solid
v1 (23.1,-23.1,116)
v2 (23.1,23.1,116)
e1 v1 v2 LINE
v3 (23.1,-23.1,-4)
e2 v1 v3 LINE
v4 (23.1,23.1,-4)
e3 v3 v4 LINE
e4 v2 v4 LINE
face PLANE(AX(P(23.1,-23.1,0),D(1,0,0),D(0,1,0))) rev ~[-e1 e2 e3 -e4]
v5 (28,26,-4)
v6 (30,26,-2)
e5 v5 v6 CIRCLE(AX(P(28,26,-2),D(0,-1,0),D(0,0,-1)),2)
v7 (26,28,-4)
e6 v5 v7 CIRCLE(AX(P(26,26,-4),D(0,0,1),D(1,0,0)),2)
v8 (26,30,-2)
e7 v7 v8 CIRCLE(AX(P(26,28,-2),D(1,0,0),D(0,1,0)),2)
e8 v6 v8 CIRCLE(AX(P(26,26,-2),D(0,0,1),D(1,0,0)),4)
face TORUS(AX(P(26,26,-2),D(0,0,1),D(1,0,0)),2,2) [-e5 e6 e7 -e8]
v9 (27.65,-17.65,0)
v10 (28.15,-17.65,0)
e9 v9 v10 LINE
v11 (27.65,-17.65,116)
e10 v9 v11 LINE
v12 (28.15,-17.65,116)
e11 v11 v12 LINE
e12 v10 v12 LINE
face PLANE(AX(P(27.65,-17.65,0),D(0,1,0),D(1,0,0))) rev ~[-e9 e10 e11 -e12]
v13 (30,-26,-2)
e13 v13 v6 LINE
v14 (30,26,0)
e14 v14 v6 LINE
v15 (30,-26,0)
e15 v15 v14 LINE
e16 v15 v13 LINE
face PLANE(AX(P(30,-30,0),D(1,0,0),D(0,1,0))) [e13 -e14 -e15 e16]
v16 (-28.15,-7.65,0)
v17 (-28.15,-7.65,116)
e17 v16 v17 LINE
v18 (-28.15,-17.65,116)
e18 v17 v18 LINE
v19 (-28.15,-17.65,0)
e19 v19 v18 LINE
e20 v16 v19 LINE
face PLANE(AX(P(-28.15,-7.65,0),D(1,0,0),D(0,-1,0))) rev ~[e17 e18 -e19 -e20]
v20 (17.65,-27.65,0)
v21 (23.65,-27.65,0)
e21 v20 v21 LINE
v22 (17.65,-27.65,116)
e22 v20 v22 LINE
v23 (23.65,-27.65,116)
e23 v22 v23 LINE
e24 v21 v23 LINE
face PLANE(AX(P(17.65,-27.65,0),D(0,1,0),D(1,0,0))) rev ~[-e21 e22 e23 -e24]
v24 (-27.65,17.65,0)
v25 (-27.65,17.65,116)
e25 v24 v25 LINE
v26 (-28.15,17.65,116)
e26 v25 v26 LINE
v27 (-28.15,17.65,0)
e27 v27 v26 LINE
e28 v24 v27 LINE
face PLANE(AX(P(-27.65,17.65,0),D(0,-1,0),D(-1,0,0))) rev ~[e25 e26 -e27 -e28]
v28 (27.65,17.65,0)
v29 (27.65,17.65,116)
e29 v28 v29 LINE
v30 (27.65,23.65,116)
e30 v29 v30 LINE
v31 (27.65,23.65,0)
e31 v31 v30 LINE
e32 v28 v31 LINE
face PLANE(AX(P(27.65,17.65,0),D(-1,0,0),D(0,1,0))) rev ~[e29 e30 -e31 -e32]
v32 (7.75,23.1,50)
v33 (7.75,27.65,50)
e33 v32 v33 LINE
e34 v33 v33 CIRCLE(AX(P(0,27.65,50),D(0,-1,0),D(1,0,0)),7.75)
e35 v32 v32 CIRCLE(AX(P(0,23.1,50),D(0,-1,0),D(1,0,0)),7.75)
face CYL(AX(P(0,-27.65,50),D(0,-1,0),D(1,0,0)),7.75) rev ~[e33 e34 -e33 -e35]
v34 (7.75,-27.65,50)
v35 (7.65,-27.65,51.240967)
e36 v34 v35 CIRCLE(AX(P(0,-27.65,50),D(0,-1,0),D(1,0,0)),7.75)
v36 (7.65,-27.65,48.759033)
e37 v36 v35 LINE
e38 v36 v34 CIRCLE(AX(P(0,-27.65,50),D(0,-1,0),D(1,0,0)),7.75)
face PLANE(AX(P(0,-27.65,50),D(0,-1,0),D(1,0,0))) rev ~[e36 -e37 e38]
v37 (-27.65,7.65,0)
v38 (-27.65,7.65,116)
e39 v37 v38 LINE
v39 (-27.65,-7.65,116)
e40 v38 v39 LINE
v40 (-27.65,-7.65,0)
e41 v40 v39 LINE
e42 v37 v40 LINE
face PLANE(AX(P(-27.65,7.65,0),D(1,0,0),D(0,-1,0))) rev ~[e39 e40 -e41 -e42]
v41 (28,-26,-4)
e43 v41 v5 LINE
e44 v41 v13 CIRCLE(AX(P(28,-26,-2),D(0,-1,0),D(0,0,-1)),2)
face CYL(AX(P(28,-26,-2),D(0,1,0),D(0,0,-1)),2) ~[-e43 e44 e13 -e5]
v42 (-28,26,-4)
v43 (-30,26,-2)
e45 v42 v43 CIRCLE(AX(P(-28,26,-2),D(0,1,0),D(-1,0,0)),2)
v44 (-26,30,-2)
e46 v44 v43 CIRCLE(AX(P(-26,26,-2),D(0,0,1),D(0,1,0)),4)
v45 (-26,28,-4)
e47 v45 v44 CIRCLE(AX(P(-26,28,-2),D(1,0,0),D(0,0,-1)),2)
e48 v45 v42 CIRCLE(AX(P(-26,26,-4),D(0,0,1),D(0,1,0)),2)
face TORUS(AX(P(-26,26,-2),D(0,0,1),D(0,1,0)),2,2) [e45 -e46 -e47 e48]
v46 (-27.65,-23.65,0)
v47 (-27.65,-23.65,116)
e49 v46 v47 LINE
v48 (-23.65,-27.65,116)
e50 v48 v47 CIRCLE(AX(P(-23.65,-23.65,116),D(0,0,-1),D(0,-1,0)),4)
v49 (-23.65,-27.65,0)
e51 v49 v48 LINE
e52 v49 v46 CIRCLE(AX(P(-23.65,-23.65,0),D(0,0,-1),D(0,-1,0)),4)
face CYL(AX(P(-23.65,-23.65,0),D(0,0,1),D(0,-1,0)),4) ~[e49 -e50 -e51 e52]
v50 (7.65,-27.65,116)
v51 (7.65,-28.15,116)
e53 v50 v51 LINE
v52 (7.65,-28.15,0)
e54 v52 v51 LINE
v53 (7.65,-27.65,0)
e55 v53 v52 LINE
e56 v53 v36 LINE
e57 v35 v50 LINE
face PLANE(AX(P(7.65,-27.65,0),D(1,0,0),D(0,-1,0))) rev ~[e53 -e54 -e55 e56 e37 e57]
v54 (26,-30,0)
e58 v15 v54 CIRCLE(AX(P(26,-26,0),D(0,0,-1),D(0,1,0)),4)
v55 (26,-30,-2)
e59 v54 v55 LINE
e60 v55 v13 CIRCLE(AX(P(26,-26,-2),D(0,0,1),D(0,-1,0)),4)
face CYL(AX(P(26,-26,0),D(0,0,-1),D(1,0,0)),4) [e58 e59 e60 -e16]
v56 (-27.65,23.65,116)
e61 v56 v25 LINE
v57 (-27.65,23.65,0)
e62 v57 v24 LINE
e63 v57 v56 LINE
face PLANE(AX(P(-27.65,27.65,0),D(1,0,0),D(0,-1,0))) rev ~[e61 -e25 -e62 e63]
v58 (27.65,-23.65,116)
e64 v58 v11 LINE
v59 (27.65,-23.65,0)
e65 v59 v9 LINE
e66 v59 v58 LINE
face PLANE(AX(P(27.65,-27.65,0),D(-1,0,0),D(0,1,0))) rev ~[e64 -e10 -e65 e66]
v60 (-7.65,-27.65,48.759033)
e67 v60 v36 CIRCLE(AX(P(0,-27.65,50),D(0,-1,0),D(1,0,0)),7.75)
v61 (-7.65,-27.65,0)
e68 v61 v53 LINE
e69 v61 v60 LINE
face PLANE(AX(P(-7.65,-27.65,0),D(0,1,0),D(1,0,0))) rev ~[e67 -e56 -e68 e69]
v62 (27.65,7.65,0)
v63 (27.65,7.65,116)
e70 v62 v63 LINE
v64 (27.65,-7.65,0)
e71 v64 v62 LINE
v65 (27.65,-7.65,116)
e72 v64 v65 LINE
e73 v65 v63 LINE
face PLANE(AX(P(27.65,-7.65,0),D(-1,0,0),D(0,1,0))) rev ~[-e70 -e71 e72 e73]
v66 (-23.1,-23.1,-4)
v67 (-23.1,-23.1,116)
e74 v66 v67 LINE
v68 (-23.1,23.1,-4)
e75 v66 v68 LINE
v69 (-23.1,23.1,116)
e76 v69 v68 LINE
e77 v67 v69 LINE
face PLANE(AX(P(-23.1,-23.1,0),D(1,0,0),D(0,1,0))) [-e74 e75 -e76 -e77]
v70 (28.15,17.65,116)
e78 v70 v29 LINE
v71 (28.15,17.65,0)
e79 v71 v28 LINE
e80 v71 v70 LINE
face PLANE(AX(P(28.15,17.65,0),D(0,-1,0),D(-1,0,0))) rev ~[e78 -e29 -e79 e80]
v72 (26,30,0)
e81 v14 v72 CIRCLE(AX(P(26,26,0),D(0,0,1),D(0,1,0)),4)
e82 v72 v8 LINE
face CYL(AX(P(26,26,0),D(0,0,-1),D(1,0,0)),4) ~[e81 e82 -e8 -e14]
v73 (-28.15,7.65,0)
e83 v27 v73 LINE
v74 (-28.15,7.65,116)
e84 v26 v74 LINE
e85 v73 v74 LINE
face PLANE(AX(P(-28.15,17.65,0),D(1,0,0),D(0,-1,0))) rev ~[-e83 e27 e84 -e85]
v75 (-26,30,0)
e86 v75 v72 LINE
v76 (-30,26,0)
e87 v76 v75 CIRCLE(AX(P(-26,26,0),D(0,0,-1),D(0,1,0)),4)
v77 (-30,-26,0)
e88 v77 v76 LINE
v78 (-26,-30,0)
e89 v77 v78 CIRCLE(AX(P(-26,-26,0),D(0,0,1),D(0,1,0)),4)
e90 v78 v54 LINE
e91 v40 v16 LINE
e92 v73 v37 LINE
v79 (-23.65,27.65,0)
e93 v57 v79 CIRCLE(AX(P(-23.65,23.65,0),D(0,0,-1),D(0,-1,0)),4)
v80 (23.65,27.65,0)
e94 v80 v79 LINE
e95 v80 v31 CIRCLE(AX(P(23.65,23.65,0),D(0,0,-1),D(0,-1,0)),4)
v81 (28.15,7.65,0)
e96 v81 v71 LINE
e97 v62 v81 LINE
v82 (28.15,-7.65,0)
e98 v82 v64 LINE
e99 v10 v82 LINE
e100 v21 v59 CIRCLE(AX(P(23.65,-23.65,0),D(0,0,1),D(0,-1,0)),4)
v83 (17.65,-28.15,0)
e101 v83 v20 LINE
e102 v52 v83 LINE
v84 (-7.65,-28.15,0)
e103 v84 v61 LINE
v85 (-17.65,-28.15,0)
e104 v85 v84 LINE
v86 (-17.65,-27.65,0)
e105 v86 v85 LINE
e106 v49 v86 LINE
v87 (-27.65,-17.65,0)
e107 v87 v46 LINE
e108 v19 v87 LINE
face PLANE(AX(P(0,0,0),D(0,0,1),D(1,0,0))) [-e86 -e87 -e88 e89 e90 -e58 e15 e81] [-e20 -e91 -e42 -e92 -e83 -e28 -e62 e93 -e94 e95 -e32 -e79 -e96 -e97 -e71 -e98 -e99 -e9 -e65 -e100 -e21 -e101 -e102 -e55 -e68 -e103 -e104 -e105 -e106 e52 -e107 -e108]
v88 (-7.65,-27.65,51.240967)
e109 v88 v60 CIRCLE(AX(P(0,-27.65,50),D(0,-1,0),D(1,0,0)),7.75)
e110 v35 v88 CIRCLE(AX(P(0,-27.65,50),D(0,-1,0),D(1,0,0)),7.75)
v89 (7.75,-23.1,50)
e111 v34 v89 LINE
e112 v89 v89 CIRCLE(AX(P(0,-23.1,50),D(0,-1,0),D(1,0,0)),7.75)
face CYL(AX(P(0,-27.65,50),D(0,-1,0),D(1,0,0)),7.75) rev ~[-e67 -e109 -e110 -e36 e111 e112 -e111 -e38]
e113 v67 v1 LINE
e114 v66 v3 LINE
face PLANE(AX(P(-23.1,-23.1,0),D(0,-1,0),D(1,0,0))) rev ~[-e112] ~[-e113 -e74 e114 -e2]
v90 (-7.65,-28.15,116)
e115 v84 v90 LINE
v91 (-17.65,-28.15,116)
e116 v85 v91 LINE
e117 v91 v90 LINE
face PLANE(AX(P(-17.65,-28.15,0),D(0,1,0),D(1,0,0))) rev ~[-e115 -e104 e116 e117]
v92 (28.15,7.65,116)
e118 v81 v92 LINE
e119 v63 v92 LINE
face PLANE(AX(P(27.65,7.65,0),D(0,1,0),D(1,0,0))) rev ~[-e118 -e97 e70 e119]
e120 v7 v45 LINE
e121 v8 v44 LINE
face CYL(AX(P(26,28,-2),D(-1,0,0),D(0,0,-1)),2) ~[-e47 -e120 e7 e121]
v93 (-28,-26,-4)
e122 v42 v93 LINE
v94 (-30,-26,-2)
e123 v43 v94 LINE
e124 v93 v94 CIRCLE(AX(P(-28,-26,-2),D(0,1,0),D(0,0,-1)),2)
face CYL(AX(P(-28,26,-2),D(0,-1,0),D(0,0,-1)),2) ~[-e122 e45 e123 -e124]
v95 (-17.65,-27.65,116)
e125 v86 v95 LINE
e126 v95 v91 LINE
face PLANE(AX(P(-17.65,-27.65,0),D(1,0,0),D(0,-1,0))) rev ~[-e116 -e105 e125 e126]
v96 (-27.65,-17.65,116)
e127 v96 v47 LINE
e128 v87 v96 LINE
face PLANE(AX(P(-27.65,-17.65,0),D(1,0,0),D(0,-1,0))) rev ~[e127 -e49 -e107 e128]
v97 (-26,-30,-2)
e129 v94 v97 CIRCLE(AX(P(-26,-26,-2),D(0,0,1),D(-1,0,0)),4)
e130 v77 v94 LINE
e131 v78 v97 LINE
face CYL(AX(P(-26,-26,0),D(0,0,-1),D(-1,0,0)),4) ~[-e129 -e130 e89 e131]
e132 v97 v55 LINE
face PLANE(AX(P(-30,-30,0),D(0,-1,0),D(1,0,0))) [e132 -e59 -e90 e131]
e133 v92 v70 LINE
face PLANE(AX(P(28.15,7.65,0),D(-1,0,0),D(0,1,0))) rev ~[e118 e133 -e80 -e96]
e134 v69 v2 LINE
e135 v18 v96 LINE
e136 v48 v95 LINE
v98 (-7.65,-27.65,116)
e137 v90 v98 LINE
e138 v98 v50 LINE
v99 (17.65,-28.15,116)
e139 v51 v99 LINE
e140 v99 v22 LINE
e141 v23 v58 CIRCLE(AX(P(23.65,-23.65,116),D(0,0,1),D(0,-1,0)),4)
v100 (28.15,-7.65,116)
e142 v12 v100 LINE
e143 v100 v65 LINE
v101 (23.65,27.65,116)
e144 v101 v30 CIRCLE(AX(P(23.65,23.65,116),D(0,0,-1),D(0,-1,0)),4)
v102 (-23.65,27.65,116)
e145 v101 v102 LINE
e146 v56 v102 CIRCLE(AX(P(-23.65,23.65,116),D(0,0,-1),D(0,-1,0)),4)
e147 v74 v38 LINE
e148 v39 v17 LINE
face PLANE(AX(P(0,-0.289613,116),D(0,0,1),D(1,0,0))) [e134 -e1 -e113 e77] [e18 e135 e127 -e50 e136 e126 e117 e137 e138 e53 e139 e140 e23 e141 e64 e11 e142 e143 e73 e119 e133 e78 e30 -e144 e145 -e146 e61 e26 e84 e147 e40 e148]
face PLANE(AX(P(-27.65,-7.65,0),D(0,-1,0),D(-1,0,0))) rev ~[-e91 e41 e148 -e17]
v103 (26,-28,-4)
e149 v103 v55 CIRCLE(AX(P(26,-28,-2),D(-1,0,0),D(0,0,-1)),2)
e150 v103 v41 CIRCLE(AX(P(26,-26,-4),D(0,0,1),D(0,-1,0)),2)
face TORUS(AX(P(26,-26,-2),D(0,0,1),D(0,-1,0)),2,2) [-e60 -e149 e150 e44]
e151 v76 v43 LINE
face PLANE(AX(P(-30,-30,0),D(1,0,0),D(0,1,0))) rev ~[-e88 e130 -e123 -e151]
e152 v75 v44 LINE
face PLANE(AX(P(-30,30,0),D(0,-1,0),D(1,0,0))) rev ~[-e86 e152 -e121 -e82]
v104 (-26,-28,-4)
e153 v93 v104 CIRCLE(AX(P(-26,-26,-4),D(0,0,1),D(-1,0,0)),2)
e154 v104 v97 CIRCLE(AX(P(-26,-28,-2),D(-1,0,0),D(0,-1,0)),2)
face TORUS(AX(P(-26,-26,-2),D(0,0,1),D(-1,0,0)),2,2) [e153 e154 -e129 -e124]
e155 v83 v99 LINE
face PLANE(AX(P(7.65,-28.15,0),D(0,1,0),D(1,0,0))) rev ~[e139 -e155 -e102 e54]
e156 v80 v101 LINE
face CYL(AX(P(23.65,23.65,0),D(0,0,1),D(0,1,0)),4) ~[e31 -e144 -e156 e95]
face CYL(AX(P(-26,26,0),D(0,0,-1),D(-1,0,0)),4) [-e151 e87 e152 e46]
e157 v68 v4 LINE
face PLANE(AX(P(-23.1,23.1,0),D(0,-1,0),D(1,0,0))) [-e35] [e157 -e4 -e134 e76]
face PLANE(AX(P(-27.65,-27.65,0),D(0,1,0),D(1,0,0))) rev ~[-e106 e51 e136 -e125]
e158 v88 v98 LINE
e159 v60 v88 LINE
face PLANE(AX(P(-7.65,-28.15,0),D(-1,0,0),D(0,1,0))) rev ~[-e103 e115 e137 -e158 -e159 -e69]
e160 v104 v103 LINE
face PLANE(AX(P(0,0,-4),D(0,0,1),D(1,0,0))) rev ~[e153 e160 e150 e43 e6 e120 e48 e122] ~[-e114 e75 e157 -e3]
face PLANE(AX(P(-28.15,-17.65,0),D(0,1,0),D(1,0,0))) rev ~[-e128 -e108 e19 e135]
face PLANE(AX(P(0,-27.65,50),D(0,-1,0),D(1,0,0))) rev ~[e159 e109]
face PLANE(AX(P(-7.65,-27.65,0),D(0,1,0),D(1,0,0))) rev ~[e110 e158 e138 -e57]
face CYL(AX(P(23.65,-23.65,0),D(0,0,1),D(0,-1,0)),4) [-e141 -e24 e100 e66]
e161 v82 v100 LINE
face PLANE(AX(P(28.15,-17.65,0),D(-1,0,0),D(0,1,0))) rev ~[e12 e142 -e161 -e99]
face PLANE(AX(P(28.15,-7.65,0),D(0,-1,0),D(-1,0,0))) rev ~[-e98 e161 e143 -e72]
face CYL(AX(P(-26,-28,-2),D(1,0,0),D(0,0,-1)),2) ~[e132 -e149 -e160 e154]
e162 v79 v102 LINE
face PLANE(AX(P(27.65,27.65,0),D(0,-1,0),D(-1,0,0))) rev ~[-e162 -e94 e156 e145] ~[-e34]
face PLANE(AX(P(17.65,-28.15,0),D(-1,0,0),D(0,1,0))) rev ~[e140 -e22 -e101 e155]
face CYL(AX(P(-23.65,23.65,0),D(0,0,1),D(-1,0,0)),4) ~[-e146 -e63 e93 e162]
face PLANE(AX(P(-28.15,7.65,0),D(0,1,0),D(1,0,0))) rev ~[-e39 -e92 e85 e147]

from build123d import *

# Parameters (mm, degrees)
F0_W     = 46.2
F0_H     = 46.2
F1_DEPTH = 116
F0_W_2   = 60
F0_H_2   = 60
F2_DEPTH = 4
F3_R     = 4
F4_R     = 2
F6_R     = 7.75
F7_DEPTH = 80


with BuildPart() as f1:
    # F0 (on Top) → F1 (new body)
    with BuildSketch(Plane.XY):
        Polygon((27.65, 17.65), (27.65, 27.65), (-27.65, 27.65), (-27.65, 17.65), (-28.15, 17.65), (-28.15, 7.65), (-27.65, 7.65), (-27.65, -7.65), (-28.15, -7.65), (-28.15, -17.65), (-27.65, -17.65), (-27.65, -27.65), (-17.65, -27.65), (-17.65, -28.15), (-7.65, -28.15), (-7.65, -27.65), (7.65, -27.65), (7.65, -28.15), (17.65, -28.15), (17.65, -27.65), (27.65, -27.65), (27.65, -17.65), (28.15, -17.65), (28.15, -7.65), (27.65, -7.65), (27.65, 7.65), (28.15, 7.65), (28.15, 17.65), align=None)
        Rectangle(F0_W, F0_H, mode=Mode.SUBTRACT)
    extrude(amount=F1_DEPTH)

    # F0 (on Top) → F2 (join)
    with BuildSketch(Plane.XY):
        Rectangle(F0_W_2, F0_H_2)
        Polygon((-27.65, 27.65), (27.65, 27.65), (27.65, 17.65), (28.15, 17.65), (28.15, 7.65), (27.65, 7.65), (27.65, -7.65), (28.15, -7.65), (28.15, -17.65), (27.65, -17.65), (27.65, -27.65), (17.65, -27.65), (17.65, -28.15), (7.65, -28.15), (7.65, -27.65), (-7.65, -27.65), (-7.65, -28.15), (-17.65, -28.15), (-17.65, -27.65), (-27.65, -27.65), (-27.65, -17.65), (-28.15, -17.65), (-28.15, -7.65), (-27.65, -7.65), (-27.65, 7.65), (-28.15, 7.65), (-28.15, 17.65), (-27.65, 17.65), align=None, mode=Mode.SUBTRACT)
        Polygon((27.65, 17.65), (27.65, 27.65), (-27.65, 27.65), (-27.65, 17.65), (-28.15, 17.65), (-28.15, 7.65), (-27.65, 7.65), (-27.65, -7.65), (-28.15, -7.65), (-28.15, -17.65), (-27.65, -17.65), (-27.65, -27.65), (-17.65, -27.65), (-17.65, -28.15), (-7.65, -28.15), (-7.65, -27.65), (7.65, -27.65), (7.65, -28.15), (17.65, -28.15), (17.65, -27.65), (27.65, -27.65), (27.65, -17.65), (28.15, -17.65), (28.15, -7.65), (27.65, -7.65), (27.65, 7.65), (28.15, 7.65), (28.15, 17.65), align=None)
        Rectangle(F0_W, F0_H, mode=Mode.SUBTRACT)
    extrude(amount=-F2_DEPTH)

    # F3
    f3_edges = [f1.edges().sort_by_distance(p)[0] for p in [
        (-27.65, 27.65, 58),
        (-27.65, -27.65, 58),
        (27.65, -27.65, 58),
        (27.65, 27.65, 58),
        (30, 30, -2),
        (30, -30, -2),
        (-30, 30, -2),
        (-30, -30, -2),
    ]]
    fillet(f3_edges, radius=F3_R)

    # F4
    f4_edges = [f1.edges().sort_by_distance(p)[0] for p in [
        (30, 0, -4),
    ]]
    fillet(f4_edges, radius=F4_R)

    # F6 (on offset) → F7 (cut)
    with BuildSketch(Plane.XZ.offset(27.65)):
        with Locations((0, 50)):
            Circle(F6_R)
    extrude(amount=-F7_DEPTH, mode=Mode.SUBTRACT)


solid = f1.part
